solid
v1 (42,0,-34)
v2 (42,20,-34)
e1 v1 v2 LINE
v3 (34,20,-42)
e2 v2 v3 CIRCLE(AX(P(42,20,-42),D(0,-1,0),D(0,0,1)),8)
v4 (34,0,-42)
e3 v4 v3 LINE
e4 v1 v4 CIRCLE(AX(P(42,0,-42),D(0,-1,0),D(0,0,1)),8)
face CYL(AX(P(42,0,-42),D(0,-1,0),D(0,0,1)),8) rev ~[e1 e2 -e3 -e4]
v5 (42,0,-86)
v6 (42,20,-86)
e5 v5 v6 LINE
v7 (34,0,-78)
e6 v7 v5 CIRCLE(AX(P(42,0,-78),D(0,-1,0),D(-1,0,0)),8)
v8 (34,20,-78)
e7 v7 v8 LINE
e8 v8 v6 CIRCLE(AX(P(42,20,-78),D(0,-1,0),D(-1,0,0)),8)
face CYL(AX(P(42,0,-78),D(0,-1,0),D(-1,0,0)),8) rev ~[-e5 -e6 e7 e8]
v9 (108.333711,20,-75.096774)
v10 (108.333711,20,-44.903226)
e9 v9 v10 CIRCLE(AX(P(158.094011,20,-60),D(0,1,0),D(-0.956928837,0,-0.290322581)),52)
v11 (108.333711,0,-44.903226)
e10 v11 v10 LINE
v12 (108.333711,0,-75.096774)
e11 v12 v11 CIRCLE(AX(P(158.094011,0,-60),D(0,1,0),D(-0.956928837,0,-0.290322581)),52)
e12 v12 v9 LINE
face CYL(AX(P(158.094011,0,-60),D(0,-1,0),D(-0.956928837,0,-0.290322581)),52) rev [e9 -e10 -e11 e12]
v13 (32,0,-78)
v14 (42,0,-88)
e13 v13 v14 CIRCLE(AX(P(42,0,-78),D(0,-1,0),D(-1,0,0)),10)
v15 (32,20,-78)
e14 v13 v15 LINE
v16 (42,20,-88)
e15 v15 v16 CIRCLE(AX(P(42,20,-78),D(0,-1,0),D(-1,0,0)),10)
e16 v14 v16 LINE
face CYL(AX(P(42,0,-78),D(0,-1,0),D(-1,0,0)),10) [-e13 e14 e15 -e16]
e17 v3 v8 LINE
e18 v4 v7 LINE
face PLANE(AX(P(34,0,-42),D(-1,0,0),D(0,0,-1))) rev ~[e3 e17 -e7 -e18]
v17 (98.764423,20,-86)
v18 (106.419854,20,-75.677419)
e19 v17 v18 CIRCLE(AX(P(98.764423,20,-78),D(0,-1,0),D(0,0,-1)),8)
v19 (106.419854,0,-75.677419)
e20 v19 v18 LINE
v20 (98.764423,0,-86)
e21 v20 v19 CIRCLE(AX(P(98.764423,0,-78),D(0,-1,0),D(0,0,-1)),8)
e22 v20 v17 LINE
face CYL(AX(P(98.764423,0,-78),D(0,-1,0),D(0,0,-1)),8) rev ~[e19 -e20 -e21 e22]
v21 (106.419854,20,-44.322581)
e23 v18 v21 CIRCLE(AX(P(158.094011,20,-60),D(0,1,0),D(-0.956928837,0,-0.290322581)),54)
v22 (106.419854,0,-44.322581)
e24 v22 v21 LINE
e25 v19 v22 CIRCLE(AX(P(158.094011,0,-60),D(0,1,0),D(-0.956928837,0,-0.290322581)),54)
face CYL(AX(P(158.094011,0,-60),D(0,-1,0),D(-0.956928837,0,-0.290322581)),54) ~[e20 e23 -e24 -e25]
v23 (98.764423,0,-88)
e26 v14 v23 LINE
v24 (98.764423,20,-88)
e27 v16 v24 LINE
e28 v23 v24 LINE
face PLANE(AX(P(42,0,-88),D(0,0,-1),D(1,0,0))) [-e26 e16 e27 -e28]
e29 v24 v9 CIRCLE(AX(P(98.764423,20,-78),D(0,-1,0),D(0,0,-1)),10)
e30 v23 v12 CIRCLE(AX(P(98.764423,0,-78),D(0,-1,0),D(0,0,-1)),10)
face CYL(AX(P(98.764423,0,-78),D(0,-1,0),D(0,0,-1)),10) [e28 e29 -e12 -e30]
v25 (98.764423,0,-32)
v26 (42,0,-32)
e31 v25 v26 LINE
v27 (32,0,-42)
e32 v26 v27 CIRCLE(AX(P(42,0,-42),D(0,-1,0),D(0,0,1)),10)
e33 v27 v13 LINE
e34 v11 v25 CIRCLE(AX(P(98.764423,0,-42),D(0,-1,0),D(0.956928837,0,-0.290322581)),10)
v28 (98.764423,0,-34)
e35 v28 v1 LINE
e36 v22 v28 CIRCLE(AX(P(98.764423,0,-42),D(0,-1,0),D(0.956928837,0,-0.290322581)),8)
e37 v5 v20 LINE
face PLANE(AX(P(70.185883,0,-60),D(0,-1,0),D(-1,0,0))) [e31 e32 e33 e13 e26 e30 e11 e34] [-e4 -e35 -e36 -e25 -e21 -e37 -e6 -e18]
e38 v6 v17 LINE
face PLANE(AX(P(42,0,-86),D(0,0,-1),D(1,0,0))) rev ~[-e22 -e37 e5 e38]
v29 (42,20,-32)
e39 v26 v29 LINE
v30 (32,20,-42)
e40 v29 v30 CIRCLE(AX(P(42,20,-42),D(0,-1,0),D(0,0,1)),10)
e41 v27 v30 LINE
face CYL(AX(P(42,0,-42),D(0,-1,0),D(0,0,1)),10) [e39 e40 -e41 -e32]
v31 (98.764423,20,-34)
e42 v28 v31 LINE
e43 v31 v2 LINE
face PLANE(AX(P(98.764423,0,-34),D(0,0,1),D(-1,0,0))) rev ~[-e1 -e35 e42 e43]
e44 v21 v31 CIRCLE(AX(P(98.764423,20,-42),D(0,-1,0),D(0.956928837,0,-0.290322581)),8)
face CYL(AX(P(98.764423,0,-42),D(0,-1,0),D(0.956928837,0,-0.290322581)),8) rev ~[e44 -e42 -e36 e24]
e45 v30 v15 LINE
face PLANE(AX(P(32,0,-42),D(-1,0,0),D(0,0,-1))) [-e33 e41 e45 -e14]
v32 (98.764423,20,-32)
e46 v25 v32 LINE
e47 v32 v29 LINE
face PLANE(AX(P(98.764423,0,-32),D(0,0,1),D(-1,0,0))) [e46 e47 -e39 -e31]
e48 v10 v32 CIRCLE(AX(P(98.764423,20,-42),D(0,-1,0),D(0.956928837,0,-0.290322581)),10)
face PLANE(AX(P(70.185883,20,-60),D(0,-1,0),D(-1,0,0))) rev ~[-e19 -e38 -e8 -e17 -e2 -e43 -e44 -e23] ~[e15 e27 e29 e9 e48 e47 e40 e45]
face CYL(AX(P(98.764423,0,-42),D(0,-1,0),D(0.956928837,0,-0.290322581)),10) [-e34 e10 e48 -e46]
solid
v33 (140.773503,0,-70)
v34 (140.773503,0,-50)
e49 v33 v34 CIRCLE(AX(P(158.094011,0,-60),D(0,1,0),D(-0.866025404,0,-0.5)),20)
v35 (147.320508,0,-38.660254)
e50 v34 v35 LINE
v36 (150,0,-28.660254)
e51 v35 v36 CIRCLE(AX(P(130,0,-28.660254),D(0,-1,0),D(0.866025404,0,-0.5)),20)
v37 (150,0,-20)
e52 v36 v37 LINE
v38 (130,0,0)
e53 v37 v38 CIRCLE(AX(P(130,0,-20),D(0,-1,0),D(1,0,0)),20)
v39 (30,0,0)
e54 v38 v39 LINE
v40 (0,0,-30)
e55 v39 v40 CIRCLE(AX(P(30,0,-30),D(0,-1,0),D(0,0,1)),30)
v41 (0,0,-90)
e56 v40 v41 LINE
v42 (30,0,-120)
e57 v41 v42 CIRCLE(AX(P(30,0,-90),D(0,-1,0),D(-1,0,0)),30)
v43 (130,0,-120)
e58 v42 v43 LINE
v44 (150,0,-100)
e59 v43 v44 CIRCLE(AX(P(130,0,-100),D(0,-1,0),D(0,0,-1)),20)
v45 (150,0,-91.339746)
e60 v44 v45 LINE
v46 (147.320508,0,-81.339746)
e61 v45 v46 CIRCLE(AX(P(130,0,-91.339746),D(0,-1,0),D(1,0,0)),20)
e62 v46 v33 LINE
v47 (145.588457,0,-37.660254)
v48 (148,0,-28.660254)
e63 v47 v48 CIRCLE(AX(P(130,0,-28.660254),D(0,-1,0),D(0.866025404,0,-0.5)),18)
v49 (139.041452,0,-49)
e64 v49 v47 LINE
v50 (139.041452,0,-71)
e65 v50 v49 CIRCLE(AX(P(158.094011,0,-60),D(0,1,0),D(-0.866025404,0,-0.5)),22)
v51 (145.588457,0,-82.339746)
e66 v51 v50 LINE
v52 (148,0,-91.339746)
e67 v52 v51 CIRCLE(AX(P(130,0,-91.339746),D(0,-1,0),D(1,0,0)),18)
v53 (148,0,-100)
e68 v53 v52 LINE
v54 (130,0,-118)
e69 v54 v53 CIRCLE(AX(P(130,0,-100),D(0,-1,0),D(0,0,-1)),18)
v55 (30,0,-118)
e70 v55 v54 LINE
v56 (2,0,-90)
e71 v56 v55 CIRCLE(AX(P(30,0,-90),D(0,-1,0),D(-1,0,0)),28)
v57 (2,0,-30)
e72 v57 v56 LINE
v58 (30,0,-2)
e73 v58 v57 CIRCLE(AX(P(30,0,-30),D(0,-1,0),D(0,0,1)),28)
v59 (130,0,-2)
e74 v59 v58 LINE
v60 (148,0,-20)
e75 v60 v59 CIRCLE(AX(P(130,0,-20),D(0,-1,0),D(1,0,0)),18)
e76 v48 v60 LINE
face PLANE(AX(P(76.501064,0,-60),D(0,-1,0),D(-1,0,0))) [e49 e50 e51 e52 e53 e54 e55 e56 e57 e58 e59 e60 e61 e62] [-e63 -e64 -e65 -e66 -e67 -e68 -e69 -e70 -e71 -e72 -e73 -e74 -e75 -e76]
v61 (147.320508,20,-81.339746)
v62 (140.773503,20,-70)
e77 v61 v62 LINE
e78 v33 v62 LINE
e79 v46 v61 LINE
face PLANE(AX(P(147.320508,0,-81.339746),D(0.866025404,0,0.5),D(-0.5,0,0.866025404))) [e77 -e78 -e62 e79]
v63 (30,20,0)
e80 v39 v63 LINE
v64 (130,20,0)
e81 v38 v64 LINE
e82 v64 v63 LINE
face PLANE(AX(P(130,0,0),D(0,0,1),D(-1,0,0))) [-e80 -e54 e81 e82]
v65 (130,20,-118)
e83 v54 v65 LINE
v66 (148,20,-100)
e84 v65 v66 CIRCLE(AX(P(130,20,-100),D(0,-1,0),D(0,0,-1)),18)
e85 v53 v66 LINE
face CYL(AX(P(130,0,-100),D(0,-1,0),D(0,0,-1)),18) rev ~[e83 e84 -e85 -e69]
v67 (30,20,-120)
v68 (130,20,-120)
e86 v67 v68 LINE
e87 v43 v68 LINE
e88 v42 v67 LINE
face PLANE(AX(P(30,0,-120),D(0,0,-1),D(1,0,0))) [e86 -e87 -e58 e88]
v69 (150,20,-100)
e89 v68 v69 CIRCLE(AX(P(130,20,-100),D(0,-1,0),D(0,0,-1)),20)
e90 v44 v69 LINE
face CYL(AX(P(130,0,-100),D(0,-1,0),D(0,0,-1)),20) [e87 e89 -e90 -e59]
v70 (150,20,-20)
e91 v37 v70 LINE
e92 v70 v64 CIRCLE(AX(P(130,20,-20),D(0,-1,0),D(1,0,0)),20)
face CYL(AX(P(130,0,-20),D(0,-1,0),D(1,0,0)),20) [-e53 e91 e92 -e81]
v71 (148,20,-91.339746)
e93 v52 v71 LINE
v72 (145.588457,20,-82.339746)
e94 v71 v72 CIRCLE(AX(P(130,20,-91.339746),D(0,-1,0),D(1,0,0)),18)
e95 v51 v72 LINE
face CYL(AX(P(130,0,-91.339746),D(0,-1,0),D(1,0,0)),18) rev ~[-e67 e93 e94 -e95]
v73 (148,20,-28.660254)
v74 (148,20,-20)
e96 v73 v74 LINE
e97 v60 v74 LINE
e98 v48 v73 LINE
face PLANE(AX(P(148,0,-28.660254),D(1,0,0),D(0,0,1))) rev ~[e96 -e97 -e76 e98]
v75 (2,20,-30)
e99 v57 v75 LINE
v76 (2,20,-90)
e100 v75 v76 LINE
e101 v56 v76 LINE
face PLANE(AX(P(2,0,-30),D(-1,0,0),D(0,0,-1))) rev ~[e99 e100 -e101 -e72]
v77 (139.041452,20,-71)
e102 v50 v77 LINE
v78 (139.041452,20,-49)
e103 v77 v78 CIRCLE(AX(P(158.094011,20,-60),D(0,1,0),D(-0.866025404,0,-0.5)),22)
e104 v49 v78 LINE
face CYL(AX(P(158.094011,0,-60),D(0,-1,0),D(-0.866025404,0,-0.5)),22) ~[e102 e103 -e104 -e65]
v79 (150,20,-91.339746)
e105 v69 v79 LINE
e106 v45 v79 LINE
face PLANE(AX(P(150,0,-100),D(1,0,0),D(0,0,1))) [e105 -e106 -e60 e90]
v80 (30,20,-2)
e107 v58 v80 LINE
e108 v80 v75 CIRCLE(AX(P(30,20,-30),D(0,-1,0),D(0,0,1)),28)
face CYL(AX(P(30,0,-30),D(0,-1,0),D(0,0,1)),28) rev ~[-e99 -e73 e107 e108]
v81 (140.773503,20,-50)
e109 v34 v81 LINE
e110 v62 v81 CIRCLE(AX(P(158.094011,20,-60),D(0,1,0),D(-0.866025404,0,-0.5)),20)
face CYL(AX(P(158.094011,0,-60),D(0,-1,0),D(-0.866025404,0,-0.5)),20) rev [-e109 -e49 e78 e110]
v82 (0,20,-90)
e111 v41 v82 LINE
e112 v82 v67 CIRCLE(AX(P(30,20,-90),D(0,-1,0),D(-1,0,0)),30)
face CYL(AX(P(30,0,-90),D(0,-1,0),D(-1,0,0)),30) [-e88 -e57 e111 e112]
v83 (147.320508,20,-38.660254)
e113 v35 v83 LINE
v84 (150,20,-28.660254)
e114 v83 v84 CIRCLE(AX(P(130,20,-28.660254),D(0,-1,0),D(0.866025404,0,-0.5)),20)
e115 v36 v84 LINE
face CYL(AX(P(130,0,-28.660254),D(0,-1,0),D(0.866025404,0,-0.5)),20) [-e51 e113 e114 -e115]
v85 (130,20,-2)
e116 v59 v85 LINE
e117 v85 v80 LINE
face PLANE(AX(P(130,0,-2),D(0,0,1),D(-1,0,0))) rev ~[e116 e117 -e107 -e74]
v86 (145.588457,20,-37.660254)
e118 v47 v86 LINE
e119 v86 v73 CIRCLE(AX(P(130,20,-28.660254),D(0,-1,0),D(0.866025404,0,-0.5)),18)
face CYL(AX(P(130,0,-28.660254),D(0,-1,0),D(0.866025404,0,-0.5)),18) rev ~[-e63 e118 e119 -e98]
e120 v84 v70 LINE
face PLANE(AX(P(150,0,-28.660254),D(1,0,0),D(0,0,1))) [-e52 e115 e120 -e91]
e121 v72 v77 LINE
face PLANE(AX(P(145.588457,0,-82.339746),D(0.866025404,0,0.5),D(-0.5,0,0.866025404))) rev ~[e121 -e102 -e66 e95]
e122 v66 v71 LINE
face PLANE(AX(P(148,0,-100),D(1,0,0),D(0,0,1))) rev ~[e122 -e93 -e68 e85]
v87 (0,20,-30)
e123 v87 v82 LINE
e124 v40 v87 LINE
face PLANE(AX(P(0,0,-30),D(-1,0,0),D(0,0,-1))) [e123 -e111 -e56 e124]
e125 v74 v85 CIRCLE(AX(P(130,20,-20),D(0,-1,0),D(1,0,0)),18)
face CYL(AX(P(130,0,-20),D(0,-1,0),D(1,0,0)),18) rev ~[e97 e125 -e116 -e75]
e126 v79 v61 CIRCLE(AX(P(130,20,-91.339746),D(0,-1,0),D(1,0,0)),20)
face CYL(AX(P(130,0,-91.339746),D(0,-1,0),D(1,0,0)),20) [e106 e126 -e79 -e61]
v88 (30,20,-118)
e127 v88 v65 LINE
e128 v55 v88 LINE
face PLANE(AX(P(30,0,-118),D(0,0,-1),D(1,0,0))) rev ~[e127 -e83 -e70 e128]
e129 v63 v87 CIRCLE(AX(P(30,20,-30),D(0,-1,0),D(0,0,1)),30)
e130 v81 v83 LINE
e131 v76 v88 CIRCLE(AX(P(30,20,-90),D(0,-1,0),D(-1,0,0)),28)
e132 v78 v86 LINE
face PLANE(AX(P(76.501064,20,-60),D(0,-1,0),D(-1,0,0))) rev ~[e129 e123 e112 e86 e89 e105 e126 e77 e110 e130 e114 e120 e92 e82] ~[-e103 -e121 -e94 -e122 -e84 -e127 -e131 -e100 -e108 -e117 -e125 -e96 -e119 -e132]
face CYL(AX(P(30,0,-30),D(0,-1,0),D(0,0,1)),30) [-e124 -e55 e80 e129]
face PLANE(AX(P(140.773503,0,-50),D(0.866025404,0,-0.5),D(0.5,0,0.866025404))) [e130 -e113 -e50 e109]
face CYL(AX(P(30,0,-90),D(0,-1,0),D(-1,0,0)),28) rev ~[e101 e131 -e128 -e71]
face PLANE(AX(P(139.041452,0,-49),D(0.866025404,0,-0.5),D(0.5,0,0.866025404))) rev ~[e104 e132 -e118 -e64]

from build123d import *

# Parameters (mm, degrees)
EXTRUDE_2_DEPTH   = 20
EXTRUDE_2_2_DEPTH = 20


with BuildPart() as part:
    # 草图2 → 凸台-拉伸2 (new body)
    with BuildSketch(Plane(origin=(0, 0, 0), x_dir=(1, 0, 0), z_dir=(0, 1, 0))):
        with BuildLine():
            ThreePointArc((30, 0), (8.786796564, 8.786796564), (0, 30))
            Line((0, 30), (0, 90))
            ThreePointArc((0, 90), (8.786796564, 111.213203436), (30, 120))
            Line((30, 120), (130, 120))
            ThreePointArc((130, 120), (144.142135624, 114.142135624), (150, 100))
            Line((150, 100), (150, 91.339745962))
            ThreePointArc((150, 91.339745962), (149.318516526, 86.16336506), (147.320508076, 81.339745962))
            Line((147.320508076, 81.339745962), (140.773502692, 70))
            ThreePointArc((140.773502692, 70), (138.094010768, 60), (140.773502692, 50))
            Line((140.773502692, 50), (147.320508076, 38.660254038))
            ThreePointArc((147.320508076, 38.660254038), (149.318516526, 33.83663494), (150, 28.660254038))
            Line((150, 28.660254038), (150, 20))
            ThreePointArc((150, 20), (144.142135624, 5.857864376), (130, 0))
            Line((130, 0), (30, 0))
        make_face()
        with BuildLine():
            Line((2, 30), (2, 90))
            ThreePointArc((2, 90), (10.201010127, 109.798989873), (30, 118))
            Line((30, 118), (130, 118))
            ThreePointArc((130, 118), (142.727922061, 112.727922061), (148, 100))
            Line((148, 100), (148, 91.339745962))
            ThreePointArc((148, 91.339745962), (147.386664873, 86.68100315), (145.588457268, 82.339745962))
            Line((145.588457268, 82.339745962), (139.041451884, 71))
            ThreePointArc((139.041451884, 71), (136.094010768, 60), (139.041451884, 49))
            Line((139.041451884, 49), (145.588457268, 37.660254038))
            ThreePointArc((145.588457268, 37.660254038), (147.386664873, 33.31899685), (148, 28.660254038))
            Line((148, 28.660254038), (148, 20))
            ThreePointArc((148, 20), (142.727922061, 7.272077939), (130, 2))
            Line((130, 2), (30, 2))
            ThreePointArc((30, 2), (10.201010127, 10.201010127), (2, 30))
        make_face(mode=Mode.SUBTRACT)
    extrude(amount=EXTRUDE_2_DEPTH)


with BuildPart() as body_2:
    # 草图2 → Extrude 2 2 (new body)
    with BuildSketch(Plane(origin=(0, 0, 0), x_dir=(1, 0, 0), z_dir=(0, 1, 0))):
        with BuildLine():
            ThreePointArc((32, 78), (34.928932188, 85.071067812), (42, 88))
            Line((42, 88), (98.764422871, 88))
            ThreePointArc((98.764422871, 88), (106.79661616, 83.956833972), (108.333711241, 75.096774194))
            ThreePointArc((108.333711241, 75.096774194), (106.094010768, 60), (108.333711241, 44.903225806))
            ThreePointArc((108.333711241, 44.903225806), (106.79661616, 36.043166028), (98.764422871, 32))
            Line((98.764422871, 32), (42, 32))
            ThreePointArc((42, 32), (34.928932188, 34.928932188), (32, 42))
            Line((32, 42), (32, 78))
        make_face()
        with BuildLine():
            Line((34, 42), (34, 78))
            ThreePointArc((34, 78), (36.343145751, 83.656854249), (42, 86))
            Line((42, 86), (98.764422871, 86))
            ThreePointArc((98.764422871, 86), (105.190177502, 82.765467177), (106.419853567, 75.677419355))
            ThreePointArc((106.419853567, 75.677419355), (104.094010768, 60), (106.419853567, 44.322580645))
            ThreePointArc((106.419853567, 44.322580645), (105.190177502, 37.234532823), (98.764422871, 34))
            Line((98.764422871, 34), (42, 34))
            ThreePointArc((42, 34), (36.343145751, 36.343145751), (34, 42))
        make_face(mode=Mode.SUBTRACT)
    extrude(amount=EXTRUDE_2_2_DEPTH)


solid = Compound([part.part, body_2.part])
